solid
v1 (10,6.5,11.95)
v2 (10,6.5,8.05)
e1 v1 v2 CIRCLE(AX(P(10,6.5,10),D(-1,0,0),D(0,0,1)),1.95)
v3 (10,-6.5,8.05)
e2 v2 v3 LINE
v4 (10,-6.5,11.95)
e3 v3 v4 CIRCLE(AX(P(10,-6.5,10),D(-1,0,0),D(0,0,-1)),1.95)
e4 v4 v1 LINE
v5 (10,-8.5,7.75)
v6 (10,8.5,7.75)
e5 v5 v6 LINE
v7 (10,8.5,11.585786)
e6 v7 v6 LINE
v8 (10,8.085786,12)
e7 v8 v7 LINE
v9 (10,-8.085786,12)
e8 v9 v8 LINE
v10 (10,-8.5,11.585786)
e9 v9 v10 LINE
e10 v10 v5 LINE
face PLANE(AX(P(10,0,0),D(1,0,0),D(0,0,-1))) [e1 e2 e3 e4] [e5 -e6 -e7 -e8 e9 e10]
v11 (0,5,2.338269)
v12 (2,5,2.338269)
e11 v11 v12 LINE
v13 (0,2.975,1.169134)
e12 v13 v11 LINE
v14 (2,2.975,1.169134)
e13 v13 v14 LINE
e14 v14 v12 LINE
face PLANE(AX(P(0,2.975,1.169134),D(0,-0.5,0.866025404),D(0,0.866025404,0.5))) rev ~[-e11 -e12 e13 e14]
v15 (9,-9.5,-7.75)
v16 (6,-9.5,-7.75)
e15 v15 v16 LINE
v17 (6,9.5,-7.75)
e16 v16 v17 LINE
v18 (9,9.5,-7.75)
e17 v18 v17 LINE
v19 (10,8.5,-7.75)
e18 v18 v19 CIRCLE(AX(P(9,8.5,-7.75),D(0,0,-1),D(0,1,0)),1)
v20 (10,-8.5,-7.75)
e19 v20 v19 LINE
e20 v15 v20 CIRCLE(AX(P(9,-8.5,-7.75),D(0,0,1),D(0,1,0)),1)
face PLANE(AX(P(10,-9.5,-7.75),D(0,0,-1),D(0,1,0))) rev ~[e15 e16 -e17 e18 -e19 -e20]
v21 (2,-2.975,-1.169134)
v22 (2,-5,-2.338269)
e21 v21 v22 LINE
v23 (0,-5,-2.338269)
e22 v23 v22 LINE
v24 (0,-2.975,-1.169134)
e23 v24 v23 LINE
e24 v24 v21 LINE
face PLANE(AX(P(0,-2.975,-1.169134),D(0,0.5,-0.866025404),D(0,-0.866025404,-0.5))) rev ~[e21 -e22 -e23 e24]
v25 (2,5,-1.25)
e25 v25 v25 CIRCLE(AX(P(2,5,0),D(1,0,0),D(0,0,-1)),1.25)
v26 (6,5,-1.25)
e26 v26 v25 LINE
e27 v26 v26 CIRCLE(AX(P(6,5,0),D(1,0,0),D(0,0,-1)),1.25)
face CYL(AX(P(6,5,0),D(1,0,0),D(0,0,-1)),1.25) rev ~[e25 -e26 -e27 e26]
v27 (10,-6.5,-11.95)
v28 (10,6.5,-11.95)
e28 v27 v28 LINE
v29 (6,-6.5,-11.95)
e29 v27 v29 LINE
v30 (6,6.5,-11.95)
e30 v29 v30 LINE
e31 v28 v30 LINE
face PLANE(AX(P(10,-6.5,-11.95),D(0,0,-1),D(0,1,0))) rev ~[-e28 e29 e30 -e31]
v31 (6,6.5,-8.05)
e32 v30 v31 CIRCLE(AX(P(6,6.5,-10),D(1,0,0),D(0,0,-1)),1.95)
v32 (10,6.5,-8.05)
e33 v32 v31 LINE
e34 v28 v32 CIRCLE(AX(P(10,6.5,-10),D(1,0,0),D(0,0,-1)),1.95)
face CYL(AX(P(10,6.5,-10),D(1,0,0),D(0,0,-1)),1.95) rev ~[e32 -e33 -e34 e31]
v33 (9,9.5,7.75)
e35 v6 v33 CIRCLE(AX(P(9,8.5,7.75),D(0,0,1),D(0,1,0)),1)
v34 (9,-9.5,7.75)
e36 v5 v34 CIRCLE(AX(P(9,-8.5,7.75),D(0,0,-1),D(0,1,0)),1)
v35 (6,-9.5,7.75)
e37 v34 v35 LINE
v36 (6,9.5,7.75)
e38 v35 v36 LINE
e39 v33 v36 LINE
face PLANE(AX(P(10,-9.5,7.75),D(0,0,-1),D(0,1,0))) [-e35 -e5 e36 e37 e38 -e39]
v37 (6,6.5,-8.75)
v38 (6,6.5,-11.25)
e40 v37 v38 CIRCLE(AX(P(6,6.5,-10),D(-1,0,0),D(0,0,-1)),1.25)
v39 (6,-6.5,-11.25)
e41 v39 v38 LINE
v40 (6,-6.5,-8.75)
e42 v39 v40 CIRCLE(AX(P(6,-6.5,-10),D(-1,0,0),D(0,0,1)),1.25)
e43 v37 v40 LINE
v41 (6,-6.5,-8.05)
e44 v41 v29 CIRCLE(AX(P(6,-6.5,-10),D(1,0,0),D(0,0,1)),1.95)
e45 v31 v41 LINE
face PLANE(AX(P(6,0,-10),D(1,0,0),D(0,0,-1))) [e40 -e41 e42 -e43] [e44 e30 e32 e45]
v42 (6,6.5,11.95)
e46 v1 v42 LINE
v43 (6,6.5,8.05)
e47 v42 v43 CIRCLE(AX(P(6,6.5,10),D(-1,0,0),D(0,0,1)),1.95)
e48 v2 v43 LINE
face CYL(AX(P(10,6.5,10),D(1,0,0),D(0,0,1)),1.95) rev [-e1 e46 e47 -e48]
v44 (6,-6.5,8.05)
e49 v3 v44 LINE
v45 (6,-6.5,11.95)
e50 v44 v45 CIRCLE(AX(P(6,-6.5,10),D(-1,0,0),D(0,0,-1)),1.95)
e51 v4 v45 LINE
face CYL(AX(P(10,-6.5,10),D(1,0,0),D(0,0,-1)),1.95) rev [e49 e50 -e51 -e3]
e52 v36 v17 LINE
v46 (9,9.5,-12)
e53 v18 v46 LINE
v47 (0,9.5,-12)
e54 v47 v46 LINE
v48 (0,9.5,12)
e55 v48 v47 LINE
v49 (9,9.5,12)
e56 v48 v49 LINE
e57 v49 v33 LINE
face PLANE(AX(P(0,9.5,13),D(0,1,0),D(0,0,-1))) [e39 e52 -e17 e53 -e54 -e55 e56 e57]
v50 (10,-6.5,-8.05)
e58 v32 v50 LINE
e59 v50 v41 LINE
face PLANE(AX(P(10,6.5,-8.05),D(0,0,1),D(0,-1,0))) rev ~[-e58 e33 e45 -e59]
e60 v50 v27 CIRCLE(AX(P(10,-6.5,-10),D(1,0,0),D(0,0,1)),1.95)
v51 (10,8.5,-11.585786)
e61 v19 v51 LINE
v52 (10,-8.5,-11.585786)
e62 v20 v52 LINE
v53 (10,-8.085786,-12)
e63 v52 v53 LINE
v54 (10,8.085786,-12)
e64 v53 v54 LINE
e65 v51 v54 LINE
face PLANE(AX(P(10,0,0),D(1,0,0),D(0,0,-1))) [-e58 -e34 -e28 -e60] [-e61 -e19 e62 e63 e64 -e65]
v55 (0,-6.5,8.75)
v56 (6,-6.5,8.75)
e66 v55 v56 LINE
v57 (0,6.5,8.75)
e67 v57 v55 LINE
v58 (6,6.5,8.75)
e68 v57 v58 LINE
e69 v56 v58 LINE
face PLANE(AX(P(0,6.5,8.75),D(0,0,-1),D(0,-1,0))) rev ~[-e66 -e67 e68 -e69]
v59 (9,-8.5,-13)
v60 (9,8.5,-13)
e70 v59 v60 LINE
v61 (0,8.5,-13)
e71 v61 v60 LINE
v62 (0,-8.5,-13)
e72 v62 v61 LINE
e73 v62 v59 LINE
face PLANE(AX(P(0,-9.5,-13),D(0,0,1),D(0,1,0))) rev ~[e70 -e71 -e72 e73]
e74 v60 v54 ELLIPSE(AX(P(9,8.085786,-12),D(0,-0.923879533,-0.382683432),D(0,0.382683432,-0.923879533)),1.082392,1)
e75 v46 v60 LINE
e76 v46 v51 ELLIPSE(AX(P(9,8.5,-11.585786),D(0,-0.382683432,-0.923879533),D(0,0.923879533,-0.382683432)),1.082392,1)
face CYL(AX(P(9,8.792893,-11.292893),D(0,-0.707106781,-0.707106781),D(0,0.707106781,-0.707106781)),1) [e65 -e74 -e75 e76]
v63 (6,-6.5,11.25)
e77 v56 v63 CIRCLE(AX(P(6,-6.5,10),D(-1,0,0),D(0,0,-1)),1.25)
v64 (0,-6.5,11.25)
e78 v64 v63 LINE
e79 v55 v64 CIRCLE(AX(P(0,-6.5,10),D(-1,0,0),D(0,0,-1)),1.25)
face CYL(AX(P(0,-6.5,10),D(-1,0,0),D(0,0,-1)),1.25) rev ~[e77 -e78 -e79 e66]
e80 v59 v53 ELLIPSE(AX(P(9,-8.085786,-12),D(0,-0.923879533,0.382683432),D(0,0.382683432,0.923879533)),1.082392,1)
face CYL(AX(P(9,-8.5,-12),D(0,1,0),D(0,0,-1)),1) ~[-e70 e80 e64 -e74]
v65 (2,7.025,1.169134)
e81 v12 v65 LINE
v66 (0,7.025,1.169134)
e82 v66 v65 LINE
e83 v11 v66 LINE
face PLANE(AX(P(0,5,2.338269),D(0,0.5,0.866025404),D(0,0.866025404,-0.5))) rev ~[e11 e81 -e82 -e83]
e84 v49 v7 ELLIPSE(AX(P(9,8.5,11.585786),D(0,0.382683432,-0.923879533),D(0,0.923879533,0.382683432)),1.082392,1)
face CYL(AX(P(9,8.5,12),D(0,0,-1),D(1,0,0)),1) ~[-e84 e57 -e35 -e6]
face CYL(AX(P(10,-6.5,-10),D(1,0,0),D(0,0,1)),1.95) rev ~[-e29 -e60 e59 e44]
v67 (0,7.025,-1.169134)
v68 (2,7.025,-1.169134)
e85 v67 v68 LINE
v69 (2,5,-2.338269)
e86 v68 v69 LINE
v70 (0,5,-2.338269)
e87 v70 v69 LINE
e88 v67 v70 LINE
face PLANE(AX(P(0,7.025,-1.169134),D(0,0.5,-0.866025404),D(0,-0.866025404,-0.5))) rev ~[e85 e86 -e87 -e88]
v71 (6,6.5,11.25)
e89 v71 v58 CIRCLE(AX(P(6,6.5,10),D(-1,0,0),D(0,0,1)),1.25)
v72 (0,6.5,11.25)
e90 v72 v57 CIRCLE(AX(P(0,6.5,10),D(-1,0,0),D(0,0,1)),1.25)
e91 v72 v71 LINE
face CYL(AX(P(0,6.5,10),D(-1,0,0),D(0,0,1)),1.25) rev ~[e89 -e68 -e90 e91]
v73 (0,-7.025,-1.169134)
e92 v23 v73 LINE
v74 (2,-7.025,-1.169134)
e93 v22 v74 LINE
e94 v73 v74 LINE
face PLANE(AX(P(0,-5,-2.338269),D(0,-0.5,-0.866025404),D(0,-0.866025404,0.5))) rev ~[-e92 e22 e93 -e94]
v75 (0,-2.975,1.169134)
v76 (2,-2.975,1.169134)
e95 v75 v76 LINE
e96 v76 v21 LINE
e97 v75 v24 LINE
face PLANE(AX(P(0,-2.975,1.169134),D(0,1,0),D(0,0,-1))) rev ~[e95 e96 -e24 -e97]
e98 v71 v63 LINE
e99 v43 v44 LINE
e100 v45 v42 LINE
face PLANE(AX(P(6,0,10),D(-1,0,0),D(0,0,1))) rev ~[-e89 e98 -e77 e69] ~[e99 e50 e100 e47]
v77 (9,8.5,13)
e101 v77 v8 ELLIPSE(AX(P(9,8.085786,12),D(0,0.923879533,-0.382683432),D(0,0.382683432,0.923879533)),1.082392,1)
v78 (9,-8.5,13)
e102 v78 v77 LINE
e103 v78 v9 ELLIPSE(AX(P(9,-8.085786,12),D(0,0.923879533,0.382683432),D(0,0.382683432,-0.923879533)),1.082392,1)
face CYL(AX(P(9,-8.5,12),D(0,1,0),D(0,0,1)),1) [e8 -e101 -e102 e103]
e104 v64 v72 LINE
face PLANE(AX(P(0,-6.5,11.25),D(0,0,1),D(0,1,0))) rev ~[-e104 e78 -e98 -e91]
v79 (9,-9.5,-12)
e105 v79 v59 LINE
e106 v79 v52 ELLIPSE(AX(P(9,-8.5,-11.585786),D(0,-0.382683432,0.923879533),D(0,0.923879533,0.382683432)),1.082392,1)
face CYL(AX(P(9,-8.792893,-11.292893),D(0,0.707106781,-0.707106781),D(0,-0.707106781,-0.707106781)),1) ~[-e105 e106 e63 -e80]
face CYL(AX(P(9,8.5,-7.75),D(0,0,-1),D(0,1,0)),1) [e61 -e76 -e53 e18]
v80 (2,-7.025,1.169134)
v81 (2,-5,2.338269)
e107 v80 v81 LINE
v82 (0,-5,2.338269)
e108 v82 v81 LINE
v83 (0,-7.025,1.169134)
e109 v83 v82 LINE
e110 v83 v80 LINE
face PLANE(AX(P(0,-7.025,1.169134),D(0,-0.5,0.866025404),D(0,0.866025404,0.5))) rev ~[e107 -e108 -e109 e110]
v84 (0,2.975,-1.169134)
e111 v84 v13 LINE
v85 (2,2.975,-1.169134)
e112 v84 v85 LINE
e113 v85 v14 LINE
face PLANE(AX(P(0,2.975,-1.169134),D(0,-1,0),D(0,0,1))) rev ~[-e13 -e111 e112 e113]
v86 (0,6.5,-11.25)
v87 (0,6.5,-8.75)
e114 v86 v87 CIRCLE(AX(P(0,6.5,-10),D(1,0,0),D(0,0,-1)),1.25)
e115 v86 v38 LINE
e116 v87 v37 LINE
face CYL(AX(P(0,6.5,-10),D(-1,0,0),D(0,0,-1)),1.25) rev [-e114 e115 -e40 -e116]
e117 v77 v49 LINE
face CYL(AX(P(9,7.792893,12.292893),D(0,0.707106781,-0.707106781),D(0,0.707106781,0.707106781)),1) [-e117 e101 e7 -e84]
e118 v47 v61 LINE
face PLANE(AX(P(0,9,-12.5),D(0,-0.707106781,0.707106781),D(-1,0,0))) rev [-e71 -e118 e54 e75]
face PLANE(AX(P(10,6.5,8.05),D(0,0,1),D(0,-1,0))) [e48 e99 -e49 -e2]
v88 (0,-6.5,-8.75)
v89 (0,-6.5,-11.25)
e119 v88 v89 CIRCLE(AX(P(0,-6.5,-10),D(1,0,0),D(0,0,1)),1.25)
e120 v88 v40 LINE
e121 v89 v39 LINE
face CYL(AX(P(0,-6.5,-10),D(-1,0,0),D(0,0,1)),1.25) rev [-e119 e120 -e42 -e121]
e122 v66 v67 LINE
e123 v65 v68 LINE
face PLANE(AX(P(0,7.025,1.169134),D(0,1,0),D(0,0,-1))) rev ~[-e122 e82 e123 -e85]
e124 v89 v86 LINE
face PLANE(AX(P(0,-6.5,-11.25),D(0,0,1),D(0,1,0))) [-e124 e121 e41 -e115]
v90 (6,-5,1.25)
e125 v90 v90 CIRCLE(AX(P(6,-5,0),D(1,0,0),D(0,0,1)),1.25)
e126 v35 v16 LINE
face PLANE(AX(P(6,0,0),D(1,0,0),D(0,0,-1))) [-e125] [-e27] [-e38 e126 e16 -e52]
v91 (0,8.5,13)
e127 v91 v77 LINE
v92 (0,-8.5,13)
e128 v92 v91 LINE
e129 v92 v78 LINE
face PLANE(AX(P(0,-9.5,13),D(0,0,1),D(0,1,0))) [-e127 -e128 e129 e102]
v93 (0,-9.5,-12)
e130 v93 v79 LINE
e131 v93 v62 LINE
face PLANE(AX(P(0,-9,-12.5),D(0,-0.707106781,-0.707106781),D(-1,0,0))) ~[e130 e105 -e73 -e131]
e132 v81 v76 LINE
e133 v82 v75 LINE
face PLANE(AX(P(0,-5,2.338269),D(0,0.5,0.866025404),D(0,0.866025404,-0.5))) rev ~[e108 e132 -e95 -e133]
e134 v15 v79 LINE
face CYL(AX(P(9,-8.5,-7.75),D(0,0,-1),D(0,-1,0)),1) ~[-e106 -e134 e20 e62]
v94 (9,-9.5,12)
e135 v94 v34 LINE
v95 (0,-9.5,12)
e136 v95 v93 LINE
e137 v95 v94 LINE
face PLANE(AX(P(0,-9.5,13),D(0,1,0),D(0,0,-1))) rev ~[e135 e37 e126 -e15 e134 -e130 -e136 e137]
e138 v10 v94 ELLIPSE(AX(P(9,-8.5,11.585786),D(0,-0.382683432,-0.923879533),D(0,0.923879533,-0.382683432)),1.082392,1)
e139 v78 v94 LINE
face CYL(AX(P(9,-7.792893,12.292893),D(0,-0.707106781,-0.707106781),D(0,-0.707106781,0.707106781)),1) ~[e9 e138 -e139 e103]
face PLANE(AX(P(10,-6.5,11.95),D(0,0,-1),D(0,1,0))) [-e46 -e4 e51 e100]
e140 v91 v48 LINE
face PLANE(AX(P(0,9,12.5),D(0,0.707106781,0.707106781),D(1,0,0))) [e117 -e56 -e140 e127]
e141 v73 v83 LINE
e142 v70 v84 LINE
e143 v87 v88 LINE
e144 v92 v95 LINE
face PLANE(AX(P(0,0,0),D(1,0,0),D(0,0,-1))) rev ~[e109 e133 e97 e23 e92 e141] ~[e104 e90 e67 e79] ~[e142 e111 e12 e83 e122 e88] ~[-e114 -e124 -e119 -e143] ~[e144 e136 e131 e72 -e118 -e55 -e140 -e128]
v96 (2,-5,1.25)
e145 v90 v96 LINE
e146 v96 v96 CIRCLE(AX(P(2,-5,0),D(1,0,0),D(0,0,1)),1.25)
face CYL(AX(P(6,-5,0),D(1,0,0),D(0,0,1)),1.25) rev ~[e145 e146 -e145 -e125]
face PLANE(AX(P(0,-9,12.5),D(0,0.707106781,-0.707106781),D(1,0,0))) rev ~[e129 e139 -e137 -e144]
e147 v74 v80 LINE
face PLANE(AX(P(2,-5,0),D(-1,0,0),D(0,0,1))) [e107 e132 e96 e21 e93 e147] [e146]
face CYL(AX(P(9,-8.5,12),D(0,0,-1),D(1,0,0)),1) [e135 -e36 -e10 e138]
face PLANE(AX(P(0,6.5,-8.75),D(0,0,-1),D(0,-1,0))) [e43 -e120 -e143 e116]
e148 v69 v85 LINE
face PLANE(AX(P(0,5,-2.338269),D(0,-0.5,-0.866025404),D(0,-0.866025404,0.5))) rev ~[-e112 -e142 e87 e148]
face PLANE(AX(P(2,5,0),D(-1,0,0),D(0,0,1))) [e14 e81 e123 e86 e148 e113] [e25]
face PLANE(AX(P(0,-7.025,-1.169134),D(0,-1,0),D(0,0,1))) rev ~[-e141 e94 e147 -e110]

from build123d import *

# Parameters (mm, degrees)
SKETCH_1_W          = 26
SKETCH_1_H          = 19
EXTRUDE_1_DEPTH     = 10
SKETCH_2_W          = 15.5
SKETCH_2_H          = 19
CUT_EXTRUDE_1_DEPTH = 4
CUT_EXTRUDE_2_DEPTH = 4
CHAMFER_1_SIZE      = 1
FILLET_1_R          = 1
SKETCH_4_R          = 1.25
CUT_EXTRUDE_3_DEPTH = 18.182840277
CUT_EXTRUDE_4_DEPTH = 2


with BuildPart() as part:
    # Эскиз1 → Бобышка-Вытянуть1 (new body)
    with BuildSketch(Plane(origin=(0, 0, 0), x_dir=(0, 0, -1), z_dir=(1, 0, 0))):
        Rectangle(SKETCH_1_W, SKETCH_1_H)
        with BuildLine():
            Line((-8.75, 6.5), (-8.75, -6.5))
            ThreePointArc((-8.75, -6.5), (-10, -7.75), (-11.25, -6.5))
            Line((-11.25, -6.5), (-11.25, 6.5))
            ThreePointArc((-11.25, 6.5), (-10, 7.75), (-8.75, 6.5))
        make_face(mode=Mode.SUBTRACT)
        with BuildLine():
            Line((8.75, 6.5), (8.75, -6.5))
            ThreePointArc((8.75, -6.5), (10, -7.75), (11.25, -6.5))
            Line((11.25, -6.5), (11.25, 6.5))
            ThreePointArc((11.25, 6.5), (10, 7.75), (8.75, 6.5))
        make_face(mode=Mode.SUBTRACT)
    extrude(amount=EXTRUDE_1_DEPTH)

    # Эскиз2 → Вырез-Вытянуть1 (cut)
    with BuildSketch(Plane(origin=(10, 0, 0), x_dir=(0, 0, -1), z_dir=(1, 0, 0))):
        Rectangle(SKETCH_2_W, SKETCH_2_H)
    extrude(amount=-CUT_EXTRUDE_1_DEPTH, mode=Mode.SUBTRACT)

    # Эскиз3 → Вырез-Вытянуть2 (cut)
    with BuildSketch(Plane(origin=(10, 0, 0), x_dir=(0, 0, -1), z_dir=(1, 0, 0))):
        with BuildLine():
            Line((-11.95, -6.5), (-11.95, 6.5))
            ThreePointArc((-11.95, 6.5), (-10, 8.45), (-8.05, 6.5))
            Line((-8.05, 6.5), (-8.05, -6.5))
            ThreePointArc((-8.05, -6.5), (-10, -8.45), (-11.95, -6.5))
        make_face()
        with BuildLine():
            Line((11.95, -6.5), (11.95, 6.5))
            ThreePointArc((11.95, 6.5), (10, 8.45), (8.05, 6.5))
            Line((8.05, 6.5), (8.05, -6.5))
            ThreePointArc((8.05, -6.5), (10, -8.45), (11.95, -6.5))
        make_face()
    extrude(amount=-CUT_EXTRUDE_2_DEPTH, mode=Mode.SUBTRACT)

    # Фаска1
    chamfer_1_edges = [part.edges().sort_by_distance(p)[0] for p in [
        (5, -9.5, -13),
        (5, -9.5, 13),
        (5, 9.5, 13),
        (5, 9.5, -13),
    ]]
    chamfer(chamfer_1_edges, length=CHAMFER_1_SIZE)

    # Скругление1
    fillet_1_edges = [part.edges().sort_by_distance(p)[0] for p in [
        (10, 9.5, -9.875),
        (10, 0, -13),
        (10, -9, -12.5),
        (10, 9, -12.5),
        (10, -9.5, 9.875),
        (10, 0, 13),
        (10, 9, 12.5),
        (10, -9, 12.5),
        (10, -9.5, -9.875),
        (10, 9.5, 9.875),
    ]]
    fillet(fillet_1_edges, radius=FILLET_1_R)

    # Эскиз4 → Вырез-Вытянуть3 (cut, through all)
    with BuildSketch(Plane(origin=(6, 0, 0), x_dir=(0, 0, -1), z_dir=(1, 0, 0))):
        with Locations((0, 5)):
            Circle(SKETCH_4_R)
        with Locations(Location((0, -5, 0), (0, 0, 180))):
            Circle(SKETCH_4_R)
    extrude(amount=-CUT_EXTRUDE_3_DEPTH, mode=Mode.SUBTRACT)

    # Эскиз5 → Вырез-Вытянуть4 (cut)
    with BuildSketch(Plane.ZY):
        Polygon((1.169134295, 2.975), (2.33826859, 5), (1.169134295, 7.025), (-1.169134295, 7.025), (-2.33826859, 5), (-1.169134295, 2.975), align=None)
        Polygon((1.169134295, -7.025), (2.33826859, -5), (1.169134295, -2.975), (-1.169134295, -2.975), (-2.33826859, -5), (-1.169134295, -7.025), align=None)
    extrude(amount=-CUT_EXTRUDE_4_DEPTH, mode=Mode.SUBTRACT)


solid = part.part
